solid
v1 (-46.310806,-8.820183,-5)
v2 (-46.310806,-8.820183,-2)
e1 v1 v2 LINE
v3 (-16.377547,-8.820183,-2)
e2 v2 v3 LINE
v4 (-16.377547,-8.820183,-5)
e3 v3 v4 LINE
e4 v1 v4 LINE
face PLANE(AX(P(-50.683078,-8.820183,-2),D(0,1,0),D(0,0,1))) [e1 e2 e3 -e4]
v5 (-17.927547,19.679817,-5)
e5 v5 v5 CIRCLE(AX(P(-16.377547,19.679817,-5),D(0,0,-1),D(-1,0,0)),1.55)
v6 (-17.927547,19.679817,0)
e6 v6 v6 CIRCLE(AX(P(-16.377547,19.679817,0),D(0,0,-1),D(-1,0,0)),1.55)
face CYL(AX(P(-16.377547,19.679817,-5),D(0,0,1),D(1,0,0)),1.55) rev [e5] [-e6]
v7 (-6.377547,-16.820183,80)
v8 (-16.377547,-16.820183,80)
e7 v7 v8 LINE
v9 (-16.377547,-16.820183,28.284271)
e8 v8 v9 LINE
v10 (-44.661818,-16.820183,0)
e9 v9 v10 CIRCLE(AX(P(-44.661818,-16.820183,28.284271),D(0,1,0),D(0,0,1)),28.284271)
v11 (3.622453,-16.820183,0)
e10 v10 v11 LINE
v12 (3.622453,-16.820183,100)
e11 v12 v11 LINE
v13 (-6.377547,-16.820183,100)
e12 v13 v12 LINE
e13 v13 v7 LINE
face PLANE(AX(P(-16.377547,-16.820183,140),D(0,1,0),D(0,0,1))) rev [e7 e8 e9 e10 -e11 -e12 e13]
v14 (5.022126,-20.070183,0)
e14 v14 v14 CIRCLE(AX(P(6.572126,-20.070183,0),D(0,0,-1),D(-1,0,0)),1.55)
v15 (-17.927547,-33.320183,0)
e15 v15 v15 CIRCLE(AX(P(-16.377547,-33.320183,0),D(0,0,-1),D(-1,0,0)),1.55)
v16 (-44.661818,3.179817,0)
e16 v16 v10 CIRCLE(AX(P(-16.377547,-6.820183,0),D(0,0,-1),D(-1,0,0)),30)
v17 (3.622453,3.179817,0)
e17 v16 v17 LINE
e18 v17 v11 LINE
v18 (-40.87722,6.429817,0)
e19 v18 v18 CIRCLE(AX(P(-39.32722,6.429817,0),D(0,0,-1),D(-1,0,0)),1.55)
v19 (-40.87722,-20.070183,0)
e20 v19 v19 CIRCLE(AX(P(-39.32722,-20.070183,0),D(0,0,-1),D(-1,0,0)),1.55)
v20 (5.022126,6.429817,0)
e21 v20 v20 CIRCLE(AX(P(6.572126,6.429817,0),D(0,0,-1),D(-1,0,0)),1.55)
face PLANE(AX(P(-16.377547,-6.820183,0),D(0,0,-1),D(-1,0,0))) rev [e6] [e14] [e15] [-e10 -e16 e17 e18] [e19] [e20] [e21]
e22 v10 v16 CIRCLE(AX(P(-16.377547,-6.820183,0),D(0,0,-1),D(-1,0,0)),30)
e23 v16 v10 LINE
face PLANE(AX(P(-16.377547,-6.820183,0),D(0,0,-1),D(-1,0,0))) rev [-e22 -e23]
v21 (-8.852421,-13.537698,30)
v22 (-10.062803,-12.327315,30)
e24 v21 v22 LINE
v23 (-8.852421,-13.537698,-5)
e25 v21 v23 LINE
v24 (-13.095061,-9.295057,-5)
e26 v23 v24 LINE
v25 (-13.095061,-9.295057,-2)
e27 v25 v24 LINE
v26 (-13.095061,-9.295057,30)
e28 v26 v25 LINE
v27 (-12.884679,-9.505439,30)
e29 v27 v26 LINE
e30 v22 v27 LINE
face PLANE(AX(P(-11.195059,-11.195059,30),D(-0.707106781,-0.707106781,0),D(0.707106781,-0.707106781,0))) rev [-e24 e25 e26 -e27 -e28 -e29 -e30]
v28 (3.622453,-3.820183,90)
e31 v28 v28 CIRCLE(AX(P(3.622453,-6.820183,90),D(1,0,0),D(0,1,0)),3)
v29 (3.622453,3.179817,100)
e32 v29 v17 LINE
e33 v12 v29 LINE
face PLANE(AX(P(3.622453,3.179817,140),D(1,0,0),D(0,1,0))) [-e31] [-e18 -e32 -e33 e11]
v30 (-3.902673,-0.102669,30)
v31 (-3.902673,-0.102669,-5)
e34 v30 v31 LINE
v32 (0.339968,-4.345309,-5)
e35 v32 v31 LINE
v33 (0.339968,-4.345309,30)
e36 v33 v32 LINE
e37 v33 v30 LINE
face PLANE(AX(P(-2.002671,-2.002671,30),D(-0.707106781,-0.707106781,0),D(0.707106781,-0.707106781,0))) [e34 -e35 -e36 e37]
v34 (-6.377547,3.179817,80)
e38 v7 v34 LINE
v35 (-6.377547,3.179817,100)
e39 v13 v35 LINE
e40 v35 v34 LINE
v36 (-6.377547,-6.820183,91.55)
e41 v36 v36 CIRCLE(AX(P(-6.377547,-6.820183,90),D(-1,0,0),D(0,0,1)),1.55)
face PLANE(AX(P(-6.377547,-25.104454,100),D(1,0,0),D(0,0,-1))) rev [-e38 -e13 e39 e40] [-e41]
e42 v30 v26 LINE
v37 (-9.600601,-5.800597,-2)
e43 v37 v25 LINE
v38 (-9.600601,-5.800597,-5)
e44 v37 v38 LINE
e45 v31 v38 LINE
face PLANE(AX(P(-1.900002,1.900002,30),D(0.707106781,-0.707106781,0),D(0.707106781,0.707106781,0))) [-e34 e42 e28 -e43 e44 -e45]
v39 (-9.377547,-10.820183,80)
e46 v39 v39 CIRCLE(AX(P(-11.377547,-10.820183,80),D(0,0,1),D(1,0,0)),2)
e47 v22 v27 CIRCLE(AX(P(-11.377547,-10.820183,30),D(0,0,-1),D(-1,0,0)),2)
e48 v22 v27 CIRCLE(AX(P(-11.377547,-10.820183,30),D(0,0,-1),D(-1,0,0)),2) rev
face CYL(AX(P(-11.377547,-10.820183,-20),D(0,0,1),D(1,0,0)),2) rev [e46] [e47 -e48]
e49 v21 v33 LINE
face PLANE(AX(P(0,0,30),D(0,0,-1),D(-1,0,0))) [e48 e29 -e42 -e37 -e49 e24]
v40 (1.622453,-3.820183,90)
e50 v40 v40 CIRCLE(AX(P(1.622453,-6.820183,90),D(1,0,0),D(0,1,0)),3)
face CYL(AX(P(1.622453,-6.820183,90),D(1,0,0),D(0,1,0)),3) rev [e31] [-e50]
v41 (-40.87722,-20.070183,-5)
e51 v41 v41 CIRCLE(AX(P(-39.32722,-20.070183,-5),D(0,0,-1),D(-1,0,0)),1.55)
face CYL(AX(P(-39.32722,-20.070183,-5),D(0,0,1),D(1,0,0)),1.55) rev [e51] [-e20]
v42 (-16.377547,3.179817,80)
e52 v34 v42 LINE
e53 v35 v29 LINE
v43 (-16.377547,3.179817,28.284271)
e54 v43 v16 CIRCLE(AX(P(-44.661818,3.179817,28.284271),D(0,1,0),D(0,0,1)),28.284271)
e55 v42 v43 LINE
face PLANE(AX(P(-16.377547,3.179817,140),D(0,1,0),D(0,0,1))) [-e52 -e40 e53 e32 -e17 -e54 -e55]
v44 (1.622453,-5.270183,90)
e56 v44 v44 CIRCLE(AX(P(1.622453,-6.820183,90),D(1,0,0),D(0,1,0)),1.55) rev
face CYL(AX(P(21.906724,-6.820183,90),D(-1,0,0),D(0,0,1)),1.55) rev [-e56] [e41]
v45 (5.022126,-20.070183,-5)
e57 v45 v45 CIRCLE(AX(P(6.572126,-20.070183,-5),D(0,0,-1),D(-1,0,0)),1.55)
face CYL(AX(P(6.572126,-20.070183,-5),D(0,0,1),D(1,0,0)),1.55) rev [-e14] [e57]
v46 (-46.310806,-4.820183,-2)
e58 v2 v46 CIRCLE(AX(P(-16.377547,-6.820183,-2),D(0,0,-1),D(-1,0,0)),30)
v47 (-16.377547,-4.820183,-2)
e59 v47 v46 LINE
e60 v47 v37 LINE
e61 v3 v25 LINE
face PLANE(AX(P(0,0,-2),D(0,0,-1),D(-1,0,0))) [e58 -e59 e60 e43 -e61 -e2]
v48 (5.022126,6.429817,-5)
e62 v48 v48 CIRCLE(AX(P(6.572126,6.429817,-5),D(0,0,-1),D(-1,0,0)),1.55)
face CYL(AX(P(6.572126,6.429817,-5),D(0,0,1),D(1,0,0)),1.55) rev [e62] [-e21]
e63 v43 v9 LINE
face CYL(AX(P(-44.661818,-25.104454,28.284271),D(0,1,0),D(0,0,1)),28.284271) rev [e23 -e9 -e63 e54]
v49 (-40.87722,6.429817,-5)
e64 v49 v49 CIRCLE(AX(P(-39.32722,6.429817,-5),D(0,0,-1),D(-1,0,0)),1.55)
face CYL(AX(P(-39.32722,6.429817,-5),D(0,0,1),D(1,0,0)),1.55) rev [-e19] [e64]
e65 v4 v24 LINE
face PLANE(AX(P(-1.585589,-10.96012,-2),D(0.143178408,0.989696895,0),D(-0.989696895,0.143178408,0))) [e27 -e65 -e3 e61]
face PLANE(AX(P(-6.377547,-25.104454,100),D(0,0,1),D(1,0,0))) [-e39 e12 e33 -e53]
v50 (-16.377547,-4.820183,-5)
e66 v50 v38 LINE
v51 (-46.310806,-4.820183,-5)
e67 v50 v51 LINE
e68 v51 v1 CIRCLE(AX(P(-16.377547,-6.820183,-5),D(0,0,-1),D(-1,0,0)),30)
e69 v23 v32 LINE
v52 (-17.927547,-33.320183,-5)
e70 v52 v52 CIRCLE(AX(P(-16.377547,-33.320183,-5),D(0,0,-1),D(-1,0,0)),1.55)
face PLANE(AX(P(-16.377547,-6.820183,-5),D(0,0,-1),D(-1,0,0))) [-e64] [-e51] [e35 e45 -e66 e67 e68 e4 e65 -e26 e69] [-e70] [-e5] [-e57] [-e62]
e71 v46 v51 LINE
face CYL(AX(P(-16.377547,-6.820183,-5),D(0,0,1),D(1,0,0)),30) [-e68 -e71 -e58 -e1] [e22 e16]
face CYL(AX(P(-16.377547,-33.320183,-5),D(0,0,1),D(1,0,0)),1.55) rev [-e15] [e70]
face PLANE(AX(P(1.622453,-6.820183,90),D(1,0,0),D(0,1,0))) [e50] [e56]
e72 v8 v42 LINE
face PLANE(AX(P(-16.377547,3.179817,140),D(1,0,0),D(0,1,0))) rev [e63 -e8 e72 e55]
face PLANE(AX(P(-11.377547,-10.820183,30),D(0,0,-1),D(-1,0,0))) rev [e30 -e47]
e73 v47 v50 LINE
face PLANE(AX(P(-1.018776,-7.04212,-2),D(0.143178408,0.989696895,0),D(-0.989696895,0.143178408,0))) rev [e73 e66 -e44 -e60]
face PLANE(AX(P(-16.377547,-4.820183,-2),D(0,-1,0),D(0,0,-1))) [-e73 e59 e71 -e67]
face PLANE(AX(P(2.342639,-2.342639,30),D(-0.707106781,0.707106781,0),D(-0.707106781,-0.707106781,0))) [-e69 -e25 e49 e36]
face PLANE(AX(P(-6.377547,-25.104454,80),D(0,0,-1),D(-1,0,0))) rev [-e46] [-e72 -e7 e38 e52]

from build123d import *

# Parameters (mm, degrees)
SKETCH_1_W          = 20
SKETCH_1_H          = 20
EXTRUDE_1_DEPTH     = 140
SKETCH_2_R          = 30
SKETCH_2_R_2        = 1.55
EXTRUDE_2_DEPTH     = 5
SKETCH_3_W          = 28.284271248
SKETCH_3_H          = 20
EXTRUDE_3_DEPTH     = 28.28427125
CUT_EXTRUDE_1_DEPTH = 28.28427125
CUT_EXTRUDE_2_DEPTH = 28.28427125
CUT_EXTRUDE_3_DEPTH = 28.28427125
SKETCH_8_R          = 3
CUT_EXTRUDE_4_DEPTH = 2
SKETCH_9_R          = 2
CUT_EXTRUDE_5_DEPTH = 100
CUT_EXTRUDE_6_DEPTH = 3
CUT_EXTRUDE_7_DEPTH = 3
SKETCH_12_W         = 20
SKETCH_12_H         = 20
SKETCH_12_R         = 2
EXTRUDE_5_DEPTH     = 3
CUT_EXTRUDE_START   = -35
SKETCH_13_R         = 2
CUT_EXTRUDE_8_DEPTH = 35
CUT_EXTRUDE_9_DEPTH = 3
EXTRUDE_START       = -35
EXTRUDE_6_DEPTH     = 35


with BuildPart() as part:
    # 草图1 → 凸台-拉伸1 (new body)
    with BuildSketch(Plane.XY):
        with Locations((-6.377546769, -6.820183169)):
            Rectangle(SKETCH_1_W, SKETCH_1_H)
    extrude(amount=EXTRUDE_1_DEPTH)

    # 草图2 → 凸台-拉伸2 (add)
    with BuildSketch(Plane(origin=(0, 0, 0), x_dir=(-1, 0, 0), z_dir=(0, 0, -1))):
        with Locations((16.377546769, -6.820183169)):
            Circle(SKETCH_2_R)
        with Locations((-6.572126431, 6.429816831)):
            Circle(SKETCH_2_R_2, mode=Mode.SUBTRACT)
        with Locations((16.377546769, 19.679816831)):
            Circle(SKETCH_2_R_2, mode=Mode.SUBTRACT)
        with Locations((39.32721997, 6.429816831)):
            Circle(SKETCH_2_R_2, mode=Mode.SUBTRACT)
        with Locations((39.32721997, -20.070183169)):
            Circle(SKETCH_2_R_2, mode=Mode.SUBTRACT)
        with Locations((16.377546769, -33.320183169)):
            Circle(SKETCH_2_R_2, mode=Mode.SUBTRACT)
        with Locations((-6.572126431, -20.070183169)):
            Circle(SKETCH_2_R_2, mode=Mode.SUBTRACT)
    extrude(amount=EXTRUDE_2_DEPTH)

    # 草图3 → 凸台-拉伸3 (add)
    with BuildSketch(Plane.XY):
        with Locations((-30.519682393, -6.820183169)):
            Rectangle(SKETCH_3_W, SKETCH_3_H)
    extrude(amount=EXTRUDE_3_DEPTH)

    # 草图4 → 切除-拉伸1 (cut)
    with BuildSketch(Plane(origin=(0, 3.179816831, 0), x_dir=(1, 0, 0), z_dir=(0, 1, 0))):
        with BuildLine():
            Line((-44.661818017, -3e-09), (-44.661818017, -28.28427125))
            Line((-44.661818017, -28.28427125), (-16.377546769, -28.28427125))
            ThreePointArc((-16.377546769, -28.28427125), (-24.661818017, -8.28427125), (-44.661818017, -3e-09))
        make_face()
    extrude(amount=-CUT_EXTRUDE_1_DEPTH, mode=Mode.SUBTRACT)

    # 草图6 → 切除-拉伸2 (cut)
    with BuildSketch(Plane(origin=(0, 3.179816831, 0), x_dir=(1, 0, 0), z_dir=(0, 1, 0))):
        Polygon((3.622453231, -140), (3.622453231, -100), (-6.377546769, -100), (-6.377546769, -80), (-16.377546769, -80), (-16.377546769, -100), (-16.377546769, -140), align=None)
    extrude(amount=-CUT_EXTRUDE_2_DEPTH, mode=Mode.SUBTRACT)

    # 草图7 → 切除-拉伸3 (cut)
    with BuildSketch(Plane.ZY.offset(6.377546769)):
        with BuildLine():
            ThreePointArc((91.55, -6.820183169), (90.59315932, -5.388169893), (88.903984489, -5.724167658))
            Line((88.903984489, -5.724167658), (91.096015511, -7.91619868))
            ThreePointArc((91.096015511, -7.91619868), (91.432013275, -7.413342489), (91.55, -6.820183169))
        make_face()
        with BuildLine():
            Line((91.096015511, -7.91619868), (88.903984489, -5.724167658))
            ThreePointArc((88.903984489, -5.724167658), (88.903984489, -7.91619868), (91.096015511, -7.91619868))
        make_face()
    extrude(amount=-CUT_EXTRUDE_3_DEPTH, mode=Mode.SUBTRACT)

    # 草图8 → 切除-拉伸4 (cut)
    with BuildSketch(Plane(origin=(3.622453231, 0, 0), x_dir=(0, 0, -1), z_dir=(1, 0, 0))):
        with Locations(Location((-90, -6.820183169, 0), (0, 0, 90))):
            Circle(SKETCH_8_R)
    extrude(amount=-CUT_EXTRUDE_4_DEPTH, mode=Mode.SUBTRACT)

    # 草图9 → 切除-拉伸5 (cut)
    with BuildSketch(Plane.XY.offset(80)):
        with Locations((-11.377546769, -10.820183169)):
            Circle(SKETCH_9_R)
    extrude(amount=-CUT_EXTRUDE_5_DEPTH, mode=Mode.SUBTRACT)

    # 草图10 → 切除-拉伸6 (cut)
    with BuildSketch(Plane(origin=(0, 0, -5), x_dir=(-1, 0, 0), z_dir=(0, 0, -1))):
        Polygon((11.377546769, -10.820183169), (12.756937733, -12.268495932), (16.377546769, -8.820183169), (50.683077944, -8.820183169), (50.683077944, -4.820183169), (16.377546769, -4.820183169), (10.220185265, -9.18901728), align=None)
    extrude(amount=-CUT_EXTRUDE_6_DEPTH, mode=Mode.SUBTRACT)

    # 草图11 → 切除-拉伸7 (cut)
    with BuildSketch(Plane(origin=(0, 0, -5), x_dir=(-1, 0, 0), z_dir=(0, 0, -1))):
        Polygon((-3.622453231, -6.820183169), (-3.622453231, 3.179816831), (16.377546769, 3.179816831), (16.377546769, -16.820183169), (-3.622453231, -16.820183169), align=None)
    extrude(amount=-CUT_EXTRUDE_7_DEPTH, mode=Mode.SUBTRACT)

    # 草图12 → 凸台-拉伸5 (add)
    with BuildSketch(Plane(origin=(0, 0, -2), x_dir=(-1, 0, 0), z_dir=(0, 0, -1))):
        with Locations((6.377546769, -6.820183169)):
            Rectangle(SKETCH_12_W, SKETCH_12_H)
        with Locations(Location((11.377546769, -10.820183169, 0), (0, 0, 180))):
            Circle(SKETCH_12_R, mode=Mode.SUBTRACT)
    extrude(amount=EXTRUDE_5_DEPTH)

    # 草图13 → 切除-拉伸8 (cut)
    with BuildSketch(Plane(origin=(0, 0, -5), x_dir=(-1, 0, 0), z_dir=(0, 0, -1)).offset(CUT_EXTRUDE_START)):
        with Locations(Location((11.377546769, -10.820183169, 0), (0, 0, 180))):
            Circle(SKETCH_13_R)
        Polygon((-0.339967652, -4.345309435), (3.902673035, -0.102668747), (8.498867113, -4.698862825), (13.095061191, -9.295056903), (8.852420504, -13.53769759), (4.256226426, -8.941503512), align=None)
    extrude(amount=CUT_EXTRUDE_8_DEPTH, mode=Mode.SUBTRACT)

    # 草图14 → 切除-拉伸9 (cut)
    with BuildSketch(Plane(origin=(0, 0, -5), x_dir=(-1, 0, 0), z_dir=(0, 0, -1))):
        Polygon((13.095061191, -9.295056903), (16.377546769, -8.820183169), (16.377546769, -4.820183169), (9.60060106, -5.800596772), align=None)
    extrude(amount=-CUT_EXTRUDE_9_DEPTH, mode=Mode.SUBTRACT)

    # 草图15 → 凸台-拉伸6 (add)
    with BuildSketch(Plane(origin=(0, 0, -5), x_dir=(-1, 0, 0), z_dir=(0, 0, -1)).offset(EXTRUDE_START)):
        with BuildLine():
            Line((10.062802613, -12.32731548), (12.884679081, -9.505439013))
            ThreePointArc((12.884679081, -9.505439013), (12.791760332, -12.234396731), (10.062802613, -12.32731548))
        make_face()
    extrude(amount=EXTRUDE_6_DEPTH)


solid = part.part
